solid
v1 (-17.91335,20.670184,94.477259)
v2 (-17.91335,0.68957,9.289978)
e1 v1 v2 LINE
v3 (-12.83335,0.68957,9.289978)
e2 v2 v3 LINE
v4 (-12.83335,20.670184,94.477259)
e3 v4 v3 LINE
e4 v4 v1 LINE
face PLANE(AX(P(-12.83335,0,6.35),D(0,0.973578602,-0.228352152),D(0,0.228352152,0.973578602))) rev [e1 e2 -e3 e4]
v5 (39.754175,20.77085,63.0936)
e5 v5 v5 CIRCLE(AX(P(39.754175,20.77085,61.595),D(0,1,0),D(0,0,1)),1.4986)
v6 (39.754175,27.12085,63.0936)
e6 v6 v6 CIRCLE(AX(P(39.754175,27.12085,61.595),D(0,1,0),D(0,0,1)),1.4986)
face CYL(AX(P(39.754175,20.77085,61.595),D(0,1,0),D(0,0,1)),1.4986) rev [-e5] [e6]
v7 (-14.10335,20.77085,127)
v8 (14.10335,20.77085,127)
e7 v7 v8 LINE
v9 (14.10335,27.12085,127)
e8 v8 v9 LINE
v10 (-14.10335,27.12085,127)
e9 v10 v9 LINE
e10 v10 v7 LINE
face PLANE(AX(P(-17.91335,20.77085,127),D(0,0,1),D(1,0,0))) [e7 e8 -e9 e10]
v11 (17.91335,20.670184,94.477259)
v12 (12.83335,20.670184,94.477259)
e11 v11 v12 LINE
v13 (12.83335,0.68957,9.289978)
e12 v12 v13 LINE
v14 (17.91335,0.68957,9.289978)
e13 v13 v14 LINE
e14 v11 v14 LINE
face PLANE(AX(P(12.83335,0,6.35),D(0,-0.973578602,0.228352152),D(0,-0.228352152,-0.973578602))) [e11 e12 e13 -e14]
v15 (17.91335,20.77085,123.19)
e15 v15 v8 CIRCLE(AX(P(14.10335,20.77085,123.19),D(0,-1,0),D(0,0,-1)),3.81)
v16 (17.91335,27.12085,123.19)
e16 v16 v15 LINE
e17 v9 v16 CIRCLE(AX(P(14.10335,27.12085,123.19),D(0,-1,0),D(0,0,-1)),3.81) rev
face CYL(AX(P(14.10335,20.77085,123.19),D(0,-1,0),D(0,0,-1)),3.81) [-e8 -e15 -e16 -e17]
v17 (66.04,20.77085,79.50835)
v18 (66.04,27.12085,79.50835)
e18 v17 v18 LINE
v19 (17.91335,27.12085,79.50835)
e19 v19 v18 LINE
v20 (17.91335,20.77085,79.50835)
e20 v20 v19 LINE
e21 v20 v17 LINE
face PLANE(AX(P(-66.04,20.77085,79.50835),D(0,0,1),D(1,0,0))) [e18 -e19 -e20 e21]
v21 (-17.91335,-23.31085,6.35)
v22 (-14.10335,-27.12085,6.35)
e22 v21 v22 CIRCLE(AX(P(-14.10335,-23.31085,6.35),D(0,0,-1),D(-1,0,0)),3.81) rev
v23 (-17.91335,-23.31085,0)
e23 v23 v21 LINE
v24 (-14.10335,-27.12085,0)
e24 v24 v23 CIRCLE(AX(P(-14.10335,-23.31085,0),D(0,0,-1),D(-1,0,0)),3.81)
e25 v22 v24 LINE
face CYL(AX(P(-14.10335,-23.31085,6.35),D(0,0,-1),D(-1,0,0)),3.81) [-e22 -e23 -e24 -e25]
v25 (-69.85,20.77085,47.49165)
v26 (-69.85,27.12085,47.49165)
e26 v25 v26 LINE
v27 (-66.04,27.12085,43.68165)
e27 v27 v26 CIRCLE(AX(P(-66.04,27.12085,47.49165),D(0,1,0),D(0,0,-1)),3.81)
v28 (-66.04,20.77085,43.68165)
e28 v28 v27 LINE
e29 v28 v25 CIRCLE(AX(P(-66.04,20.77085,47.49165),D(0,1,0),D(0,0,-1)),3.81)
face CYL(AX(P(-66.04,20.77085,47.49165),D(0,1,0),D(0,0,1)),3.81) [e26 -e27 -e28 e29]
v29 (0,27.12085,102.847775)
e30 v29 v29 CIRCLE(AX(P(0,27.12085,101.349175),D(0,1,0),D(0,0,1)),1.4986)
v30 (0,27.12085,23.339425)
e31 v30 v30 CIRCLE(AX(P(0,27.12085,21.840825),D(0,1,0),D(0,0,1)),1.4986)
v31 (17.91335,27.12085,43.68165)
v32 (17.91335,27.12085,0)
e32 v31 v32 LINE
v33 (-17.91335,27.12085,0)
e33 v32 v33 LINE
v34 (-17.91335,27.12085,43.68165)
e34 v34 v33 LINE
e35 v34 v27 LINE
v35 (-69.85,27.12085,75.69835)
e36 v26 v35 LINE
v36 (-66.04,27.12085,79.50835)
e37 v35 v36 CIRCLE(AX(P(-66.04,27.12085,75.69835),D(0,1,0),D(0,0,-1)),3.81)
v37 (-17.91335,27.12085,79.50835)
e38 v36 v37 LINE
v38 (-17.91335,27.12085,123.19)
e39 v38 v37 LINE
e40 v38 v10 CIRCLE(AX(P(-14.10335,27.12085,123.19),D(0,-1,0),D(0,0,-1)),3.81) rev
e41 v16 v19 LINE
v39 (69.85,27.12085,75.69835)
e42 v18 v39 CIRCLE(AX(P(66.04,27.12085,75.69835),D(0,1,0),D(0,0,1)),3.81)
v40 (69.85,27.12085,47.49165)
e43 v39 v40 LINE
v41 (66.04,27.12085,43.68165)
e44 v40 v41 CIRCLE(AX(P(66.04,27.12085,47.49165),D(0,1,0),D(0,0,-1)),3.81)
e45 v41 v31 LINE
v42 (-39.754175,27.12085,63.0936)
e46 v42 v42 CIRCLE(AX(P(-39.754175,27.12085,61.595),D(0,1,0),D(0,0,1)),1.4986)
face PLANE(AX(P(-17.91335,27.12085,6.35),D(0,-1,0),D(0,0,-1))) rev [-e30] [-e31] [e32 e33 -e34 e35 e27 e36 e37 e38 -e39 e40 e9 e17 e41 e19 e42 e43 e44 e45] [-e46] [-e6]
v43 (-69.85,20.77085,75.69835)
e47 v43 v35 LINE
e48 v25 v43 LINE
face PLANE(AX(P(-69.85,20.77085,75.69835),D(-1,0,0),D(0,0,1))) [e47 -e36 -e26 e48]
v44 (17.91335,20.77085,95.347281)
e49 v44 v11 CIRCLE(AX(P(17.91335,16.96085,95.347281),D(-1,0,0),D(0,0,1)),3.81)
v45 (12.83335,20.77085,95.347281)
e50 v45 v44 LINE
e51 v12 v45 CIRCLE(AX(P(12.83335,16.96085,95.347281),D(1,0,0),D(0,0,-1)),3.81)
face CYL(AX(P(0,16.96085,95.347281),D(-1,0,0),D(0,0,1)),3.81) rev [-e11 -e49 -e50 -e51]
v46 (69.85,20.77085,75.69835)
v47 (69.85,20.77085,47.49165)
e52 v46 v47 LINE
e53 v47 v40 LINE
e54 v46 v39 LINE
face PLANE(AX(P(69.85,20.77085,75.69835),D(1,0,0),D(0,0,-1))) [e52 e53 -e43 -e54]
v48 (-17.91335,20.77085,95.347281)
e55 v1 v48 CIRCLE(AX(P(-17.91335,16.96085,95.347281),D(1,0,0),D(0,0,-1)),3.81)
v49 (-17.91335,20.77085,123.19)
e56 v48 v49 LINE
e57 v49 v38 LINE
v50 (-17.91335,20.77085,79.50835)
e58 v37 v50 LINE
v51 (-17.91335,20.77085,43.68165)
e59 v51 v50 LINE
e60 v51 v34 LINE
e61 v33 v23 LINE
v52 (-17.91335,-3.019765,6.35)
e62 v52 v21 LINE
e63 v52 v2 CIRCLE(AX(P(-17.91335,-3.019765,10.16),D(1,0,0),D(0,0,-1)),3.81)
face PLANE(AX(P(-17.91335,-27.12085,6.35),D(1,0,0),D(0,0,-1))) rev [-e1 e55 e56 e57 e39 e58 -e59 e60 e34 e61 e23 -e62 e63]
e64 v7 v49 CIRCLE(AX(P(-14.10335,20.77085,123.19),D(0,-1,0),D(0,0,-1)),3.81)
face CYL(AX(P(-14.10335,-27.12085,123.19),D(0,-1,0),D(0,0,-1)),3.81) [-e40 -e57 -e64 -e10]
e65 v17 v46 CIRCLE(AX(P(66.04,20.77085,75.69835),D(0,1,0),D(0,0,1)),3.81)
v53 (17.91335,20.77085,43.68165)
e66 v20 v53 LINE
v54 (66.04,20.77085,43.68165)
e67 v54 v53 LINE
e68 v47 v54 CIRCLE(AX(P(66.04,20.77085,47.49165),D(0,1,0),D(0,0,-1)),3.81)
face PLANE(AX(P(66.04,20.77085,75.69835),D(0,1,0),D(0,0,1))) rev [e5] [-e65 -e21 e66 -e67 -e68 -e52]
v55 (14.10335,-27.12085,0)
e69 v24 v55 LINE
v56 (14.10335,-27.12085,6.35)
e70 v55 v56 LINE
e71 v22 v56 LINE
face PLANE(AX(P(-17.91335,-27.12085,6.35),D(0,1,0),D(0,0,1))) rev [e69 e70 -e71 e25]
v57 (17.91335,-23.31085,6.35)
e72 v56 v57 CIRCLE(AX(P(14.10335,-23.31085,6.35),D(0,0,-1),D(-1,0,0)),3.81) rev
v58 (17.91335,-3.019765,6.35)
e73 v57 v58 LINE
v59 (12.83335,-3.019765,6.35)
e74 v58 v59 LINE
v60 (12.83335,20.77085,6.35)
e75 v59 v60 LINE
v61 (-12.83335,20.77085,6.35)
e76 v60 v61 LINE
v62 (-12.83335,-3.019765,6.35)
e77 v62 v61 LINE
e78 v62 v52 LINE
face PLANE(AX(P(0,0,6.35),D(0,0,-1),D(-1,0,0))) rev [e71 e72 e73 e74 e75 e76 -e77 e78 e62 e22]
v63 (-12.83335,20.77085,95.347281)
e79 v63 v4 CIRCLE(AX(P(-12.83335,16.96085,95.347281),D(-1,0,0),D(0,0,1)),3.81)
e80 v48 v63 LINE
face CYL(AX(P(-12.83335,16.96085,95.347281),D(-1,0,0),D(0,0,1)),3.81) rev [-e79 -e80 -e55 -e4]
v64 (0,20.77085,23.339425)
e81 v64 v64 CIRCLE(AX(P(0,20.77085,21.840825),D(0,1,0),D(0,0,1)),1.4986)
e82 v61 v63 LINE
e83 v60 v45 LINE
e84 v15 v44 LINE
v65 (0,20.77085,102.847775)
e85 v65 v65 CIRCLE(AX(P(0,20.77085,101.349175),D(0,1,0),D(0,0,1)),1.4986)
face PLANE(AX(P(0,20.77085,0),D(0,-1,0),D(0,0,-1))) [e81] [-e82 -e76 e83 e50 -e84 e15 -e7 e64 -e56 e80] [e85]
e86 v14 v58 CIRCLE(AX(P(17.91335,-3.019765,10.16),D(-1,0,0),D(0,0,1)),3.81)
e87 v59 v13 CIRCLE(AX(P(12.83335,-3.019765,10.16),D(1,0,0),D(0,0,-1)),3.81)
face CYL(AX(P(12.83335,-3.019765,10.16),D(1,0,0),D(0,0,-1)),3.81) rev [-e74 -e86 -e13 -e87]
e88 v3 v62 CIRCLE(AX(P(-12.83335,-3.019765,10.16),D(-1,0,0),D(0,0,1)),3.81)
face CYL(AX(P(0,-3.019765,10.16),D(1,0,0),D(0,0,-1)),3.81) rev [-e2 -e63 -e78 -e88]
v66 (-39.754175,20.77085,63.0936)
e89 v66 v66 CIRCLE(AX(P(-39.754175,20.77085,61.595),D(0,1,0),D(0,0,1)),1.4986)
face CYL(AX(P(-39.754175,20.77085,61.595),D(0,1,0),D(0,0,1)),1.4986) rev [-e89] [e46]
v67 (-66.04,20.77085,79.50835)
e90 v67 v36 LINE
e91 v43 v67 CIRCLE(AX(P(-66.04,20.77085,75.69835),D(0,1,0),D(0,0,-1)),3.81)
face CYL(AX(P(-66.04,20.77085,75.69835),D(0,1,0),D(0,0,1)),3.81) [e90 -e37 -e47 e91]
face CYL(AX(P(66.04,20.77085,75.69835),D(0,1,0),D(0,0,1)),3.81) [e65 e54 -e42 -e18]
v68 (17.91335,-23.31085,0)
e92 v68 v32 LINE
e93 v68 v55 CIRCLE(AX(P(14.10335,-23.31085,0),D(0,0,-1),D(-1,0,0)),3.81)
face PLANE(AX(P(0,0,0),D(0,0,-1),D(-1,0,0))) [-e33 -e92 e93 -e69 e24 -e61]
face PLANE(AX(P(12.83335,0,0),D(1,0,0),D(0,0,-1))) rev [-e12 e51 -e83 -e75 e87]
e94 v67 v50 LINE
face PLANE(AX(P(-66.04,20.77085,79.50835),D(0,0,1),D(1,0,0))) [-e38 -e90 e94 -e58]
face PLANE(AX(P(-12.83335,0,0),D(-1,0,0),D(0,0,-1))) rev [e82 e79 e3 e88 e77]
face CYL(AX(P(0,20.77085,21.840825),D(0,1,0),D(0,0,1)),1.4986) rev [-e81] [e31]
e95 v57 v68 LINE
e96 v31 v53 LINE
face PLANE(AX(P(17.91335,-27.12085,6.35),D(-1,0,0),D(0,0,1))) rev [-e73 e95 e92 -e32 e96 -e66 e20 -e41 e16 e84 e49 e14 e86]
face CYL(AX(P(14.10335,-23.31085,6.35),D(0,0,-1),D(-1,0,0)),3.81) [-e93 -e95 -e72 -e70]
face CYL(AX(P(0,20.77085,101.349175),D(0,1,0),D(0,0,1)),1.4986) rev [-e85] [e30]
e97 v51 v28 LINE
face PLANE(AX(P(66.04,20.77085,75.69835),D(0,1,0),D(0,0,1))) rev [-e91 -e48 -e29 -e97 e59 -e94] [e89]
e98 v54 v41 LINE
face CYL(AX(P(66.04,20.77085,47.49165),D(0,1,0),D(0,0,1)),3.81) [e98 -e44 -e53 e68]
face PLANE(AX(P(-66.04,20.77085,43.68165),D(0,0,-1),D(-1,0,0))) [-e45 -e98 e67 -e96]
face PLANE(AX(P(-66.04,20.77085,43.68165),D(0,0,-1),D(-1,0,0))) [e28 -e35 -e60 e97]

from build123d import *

# Parameters (mm, degrees)
SKETCH1_W           = 35.8267
SKETCH1_H           = 54.2417
BOSS_EXTRUDE1_DEPTH = 6.35
SKETCH2_W           = 35.8267
SKETCH2_H           = 127
BOSS_EXTRUDE2_DEPTH = 6.35
BOSS_EXTRUDE3_DEPTH = 5.08
FILLET1_R           = 3.81
BOSS_EXTRUDE4_DEPTH = 6.35
SKETCH7_R           = 1.4986
CUT_EXTRUDE2_DEPTH  = 6.35


with BuildPart() as part:
    # Sketch1 → Boss-Extrude1 (new body)
    with BuildSketch(Plane.XY):
        Rectangle(SKETCH1_W, SKETCH1_H)
    extrude(amount=BOSS_EXTRUDE1_DEPTH)

    # Sketch2 → Boss-Extrude2 (add)
    with BuildSketch(Plane(origin=(0, 27.12085, 0), x_dir=(1, 0, 0), z_dir=(0, 1, 0))):
        with Locations((0, -63.5)):
            Rectangle(SKETCH2_W, SKETCH2_H)
    extrude(amount=-BOSS_EXTRUDE2_DEPTH)

    # Sketch4 → Boss-Extrude3 (add)
    with BuildSketch(Plane(origin=(17.91335, 0, 0), x_dir=(0, 0, -1), z_dir=(1, 0, 0))):
        Polygon((-6.35, 0), (-94.906446238, 20.77085), (-6.35, 20.77085), align=None)
    boss_extrude3 = extrude(amount=-BOSS_EXTRUDE3_DEPTH)

    # Mirror1: Boss-Extrude3 across plane
    add(boss_extrude3.mirror(Plane(origin=(0, 0, 0), x_dir=(0, 0, 1), z_dir=(1, 0, 0))))

    # Fillet1
    fillet1_edges = [part.edges().sort_by_distance(p)[0] for p in [
        (-17.91335, 23.94585, 127),
        (17.91335, 23.94585, 127),
        (15.37335, 0, 6.35),
        (15.37335, 20.77085, 94.906446238),
        (-15.37335, 0, 6.35),
        (-15.37335, 20.77085, 94.906446238),
        (17.91335, -27.12085, 3.175),
        (-17.91335, -27.12085, 3.175),
    ]]
    fillet(fillet1_edges, radius=FILLET1_R)

    # Sketch6 → Boss-Extrude4 (add)
    with BuildSketch(Plane(origin=(0, 27.12085, 0), x_dir=(1, 0, 0), z_dir=(0, 1, 0))):
        with BuildLine():
            Line((-66.04, -79.50835), (66.04, -79.50835))
            ThreePointArc((66.04, -79.50835), (68.734076836, -78.392426836), (69.85, -75.69835))
            Line((69.85, -75.69835), (69.85, -47.49165))
            ThreePointArc((69.85, -47.49165), (68.734076836, -44.797573164), (66.04, -43.68165))
            Line((66.04, -43.68165), (-66.04, -43.68165))
            ThreePointArc((-66.04, -43.68165), (-68.734076836, -44.797573164), (-69.85, -47.49165))
            Line((-69.85, -47.49165), (-69.85, -75.69835))
            ThreePointArc((-69.85, -75.69835), (-68.734076836, -78.392426836), (-66.04, -79.50835))
        make_face()
    extrude(amount=-BOSS_EXTRUDE4_DEPTH)

    # Sketch7 → Cut-Extrude2 (cut)
    with BuildSketch(Plane(origin=(0, 27.12085, 0), x_dir=(1, 0, 0), z_dir=(0, 1, 0))):
        with Locations((0, -21.840825)):
            Circle(SKETCH7_R)
        with Locations((39.754175, -61.595)):
            Circle(SKETCH7_R)
        with Locations((0, -101.349175)):
            Circle(SKETCH7_R)
        with Locations((-39.754175, -61.595)):
            Circle(SKETCH7_R)
    extrude(amount=-CUT_EXTRUDE2_DEPTH, mode=Mode.SUBTRACT)


solid = part.part
